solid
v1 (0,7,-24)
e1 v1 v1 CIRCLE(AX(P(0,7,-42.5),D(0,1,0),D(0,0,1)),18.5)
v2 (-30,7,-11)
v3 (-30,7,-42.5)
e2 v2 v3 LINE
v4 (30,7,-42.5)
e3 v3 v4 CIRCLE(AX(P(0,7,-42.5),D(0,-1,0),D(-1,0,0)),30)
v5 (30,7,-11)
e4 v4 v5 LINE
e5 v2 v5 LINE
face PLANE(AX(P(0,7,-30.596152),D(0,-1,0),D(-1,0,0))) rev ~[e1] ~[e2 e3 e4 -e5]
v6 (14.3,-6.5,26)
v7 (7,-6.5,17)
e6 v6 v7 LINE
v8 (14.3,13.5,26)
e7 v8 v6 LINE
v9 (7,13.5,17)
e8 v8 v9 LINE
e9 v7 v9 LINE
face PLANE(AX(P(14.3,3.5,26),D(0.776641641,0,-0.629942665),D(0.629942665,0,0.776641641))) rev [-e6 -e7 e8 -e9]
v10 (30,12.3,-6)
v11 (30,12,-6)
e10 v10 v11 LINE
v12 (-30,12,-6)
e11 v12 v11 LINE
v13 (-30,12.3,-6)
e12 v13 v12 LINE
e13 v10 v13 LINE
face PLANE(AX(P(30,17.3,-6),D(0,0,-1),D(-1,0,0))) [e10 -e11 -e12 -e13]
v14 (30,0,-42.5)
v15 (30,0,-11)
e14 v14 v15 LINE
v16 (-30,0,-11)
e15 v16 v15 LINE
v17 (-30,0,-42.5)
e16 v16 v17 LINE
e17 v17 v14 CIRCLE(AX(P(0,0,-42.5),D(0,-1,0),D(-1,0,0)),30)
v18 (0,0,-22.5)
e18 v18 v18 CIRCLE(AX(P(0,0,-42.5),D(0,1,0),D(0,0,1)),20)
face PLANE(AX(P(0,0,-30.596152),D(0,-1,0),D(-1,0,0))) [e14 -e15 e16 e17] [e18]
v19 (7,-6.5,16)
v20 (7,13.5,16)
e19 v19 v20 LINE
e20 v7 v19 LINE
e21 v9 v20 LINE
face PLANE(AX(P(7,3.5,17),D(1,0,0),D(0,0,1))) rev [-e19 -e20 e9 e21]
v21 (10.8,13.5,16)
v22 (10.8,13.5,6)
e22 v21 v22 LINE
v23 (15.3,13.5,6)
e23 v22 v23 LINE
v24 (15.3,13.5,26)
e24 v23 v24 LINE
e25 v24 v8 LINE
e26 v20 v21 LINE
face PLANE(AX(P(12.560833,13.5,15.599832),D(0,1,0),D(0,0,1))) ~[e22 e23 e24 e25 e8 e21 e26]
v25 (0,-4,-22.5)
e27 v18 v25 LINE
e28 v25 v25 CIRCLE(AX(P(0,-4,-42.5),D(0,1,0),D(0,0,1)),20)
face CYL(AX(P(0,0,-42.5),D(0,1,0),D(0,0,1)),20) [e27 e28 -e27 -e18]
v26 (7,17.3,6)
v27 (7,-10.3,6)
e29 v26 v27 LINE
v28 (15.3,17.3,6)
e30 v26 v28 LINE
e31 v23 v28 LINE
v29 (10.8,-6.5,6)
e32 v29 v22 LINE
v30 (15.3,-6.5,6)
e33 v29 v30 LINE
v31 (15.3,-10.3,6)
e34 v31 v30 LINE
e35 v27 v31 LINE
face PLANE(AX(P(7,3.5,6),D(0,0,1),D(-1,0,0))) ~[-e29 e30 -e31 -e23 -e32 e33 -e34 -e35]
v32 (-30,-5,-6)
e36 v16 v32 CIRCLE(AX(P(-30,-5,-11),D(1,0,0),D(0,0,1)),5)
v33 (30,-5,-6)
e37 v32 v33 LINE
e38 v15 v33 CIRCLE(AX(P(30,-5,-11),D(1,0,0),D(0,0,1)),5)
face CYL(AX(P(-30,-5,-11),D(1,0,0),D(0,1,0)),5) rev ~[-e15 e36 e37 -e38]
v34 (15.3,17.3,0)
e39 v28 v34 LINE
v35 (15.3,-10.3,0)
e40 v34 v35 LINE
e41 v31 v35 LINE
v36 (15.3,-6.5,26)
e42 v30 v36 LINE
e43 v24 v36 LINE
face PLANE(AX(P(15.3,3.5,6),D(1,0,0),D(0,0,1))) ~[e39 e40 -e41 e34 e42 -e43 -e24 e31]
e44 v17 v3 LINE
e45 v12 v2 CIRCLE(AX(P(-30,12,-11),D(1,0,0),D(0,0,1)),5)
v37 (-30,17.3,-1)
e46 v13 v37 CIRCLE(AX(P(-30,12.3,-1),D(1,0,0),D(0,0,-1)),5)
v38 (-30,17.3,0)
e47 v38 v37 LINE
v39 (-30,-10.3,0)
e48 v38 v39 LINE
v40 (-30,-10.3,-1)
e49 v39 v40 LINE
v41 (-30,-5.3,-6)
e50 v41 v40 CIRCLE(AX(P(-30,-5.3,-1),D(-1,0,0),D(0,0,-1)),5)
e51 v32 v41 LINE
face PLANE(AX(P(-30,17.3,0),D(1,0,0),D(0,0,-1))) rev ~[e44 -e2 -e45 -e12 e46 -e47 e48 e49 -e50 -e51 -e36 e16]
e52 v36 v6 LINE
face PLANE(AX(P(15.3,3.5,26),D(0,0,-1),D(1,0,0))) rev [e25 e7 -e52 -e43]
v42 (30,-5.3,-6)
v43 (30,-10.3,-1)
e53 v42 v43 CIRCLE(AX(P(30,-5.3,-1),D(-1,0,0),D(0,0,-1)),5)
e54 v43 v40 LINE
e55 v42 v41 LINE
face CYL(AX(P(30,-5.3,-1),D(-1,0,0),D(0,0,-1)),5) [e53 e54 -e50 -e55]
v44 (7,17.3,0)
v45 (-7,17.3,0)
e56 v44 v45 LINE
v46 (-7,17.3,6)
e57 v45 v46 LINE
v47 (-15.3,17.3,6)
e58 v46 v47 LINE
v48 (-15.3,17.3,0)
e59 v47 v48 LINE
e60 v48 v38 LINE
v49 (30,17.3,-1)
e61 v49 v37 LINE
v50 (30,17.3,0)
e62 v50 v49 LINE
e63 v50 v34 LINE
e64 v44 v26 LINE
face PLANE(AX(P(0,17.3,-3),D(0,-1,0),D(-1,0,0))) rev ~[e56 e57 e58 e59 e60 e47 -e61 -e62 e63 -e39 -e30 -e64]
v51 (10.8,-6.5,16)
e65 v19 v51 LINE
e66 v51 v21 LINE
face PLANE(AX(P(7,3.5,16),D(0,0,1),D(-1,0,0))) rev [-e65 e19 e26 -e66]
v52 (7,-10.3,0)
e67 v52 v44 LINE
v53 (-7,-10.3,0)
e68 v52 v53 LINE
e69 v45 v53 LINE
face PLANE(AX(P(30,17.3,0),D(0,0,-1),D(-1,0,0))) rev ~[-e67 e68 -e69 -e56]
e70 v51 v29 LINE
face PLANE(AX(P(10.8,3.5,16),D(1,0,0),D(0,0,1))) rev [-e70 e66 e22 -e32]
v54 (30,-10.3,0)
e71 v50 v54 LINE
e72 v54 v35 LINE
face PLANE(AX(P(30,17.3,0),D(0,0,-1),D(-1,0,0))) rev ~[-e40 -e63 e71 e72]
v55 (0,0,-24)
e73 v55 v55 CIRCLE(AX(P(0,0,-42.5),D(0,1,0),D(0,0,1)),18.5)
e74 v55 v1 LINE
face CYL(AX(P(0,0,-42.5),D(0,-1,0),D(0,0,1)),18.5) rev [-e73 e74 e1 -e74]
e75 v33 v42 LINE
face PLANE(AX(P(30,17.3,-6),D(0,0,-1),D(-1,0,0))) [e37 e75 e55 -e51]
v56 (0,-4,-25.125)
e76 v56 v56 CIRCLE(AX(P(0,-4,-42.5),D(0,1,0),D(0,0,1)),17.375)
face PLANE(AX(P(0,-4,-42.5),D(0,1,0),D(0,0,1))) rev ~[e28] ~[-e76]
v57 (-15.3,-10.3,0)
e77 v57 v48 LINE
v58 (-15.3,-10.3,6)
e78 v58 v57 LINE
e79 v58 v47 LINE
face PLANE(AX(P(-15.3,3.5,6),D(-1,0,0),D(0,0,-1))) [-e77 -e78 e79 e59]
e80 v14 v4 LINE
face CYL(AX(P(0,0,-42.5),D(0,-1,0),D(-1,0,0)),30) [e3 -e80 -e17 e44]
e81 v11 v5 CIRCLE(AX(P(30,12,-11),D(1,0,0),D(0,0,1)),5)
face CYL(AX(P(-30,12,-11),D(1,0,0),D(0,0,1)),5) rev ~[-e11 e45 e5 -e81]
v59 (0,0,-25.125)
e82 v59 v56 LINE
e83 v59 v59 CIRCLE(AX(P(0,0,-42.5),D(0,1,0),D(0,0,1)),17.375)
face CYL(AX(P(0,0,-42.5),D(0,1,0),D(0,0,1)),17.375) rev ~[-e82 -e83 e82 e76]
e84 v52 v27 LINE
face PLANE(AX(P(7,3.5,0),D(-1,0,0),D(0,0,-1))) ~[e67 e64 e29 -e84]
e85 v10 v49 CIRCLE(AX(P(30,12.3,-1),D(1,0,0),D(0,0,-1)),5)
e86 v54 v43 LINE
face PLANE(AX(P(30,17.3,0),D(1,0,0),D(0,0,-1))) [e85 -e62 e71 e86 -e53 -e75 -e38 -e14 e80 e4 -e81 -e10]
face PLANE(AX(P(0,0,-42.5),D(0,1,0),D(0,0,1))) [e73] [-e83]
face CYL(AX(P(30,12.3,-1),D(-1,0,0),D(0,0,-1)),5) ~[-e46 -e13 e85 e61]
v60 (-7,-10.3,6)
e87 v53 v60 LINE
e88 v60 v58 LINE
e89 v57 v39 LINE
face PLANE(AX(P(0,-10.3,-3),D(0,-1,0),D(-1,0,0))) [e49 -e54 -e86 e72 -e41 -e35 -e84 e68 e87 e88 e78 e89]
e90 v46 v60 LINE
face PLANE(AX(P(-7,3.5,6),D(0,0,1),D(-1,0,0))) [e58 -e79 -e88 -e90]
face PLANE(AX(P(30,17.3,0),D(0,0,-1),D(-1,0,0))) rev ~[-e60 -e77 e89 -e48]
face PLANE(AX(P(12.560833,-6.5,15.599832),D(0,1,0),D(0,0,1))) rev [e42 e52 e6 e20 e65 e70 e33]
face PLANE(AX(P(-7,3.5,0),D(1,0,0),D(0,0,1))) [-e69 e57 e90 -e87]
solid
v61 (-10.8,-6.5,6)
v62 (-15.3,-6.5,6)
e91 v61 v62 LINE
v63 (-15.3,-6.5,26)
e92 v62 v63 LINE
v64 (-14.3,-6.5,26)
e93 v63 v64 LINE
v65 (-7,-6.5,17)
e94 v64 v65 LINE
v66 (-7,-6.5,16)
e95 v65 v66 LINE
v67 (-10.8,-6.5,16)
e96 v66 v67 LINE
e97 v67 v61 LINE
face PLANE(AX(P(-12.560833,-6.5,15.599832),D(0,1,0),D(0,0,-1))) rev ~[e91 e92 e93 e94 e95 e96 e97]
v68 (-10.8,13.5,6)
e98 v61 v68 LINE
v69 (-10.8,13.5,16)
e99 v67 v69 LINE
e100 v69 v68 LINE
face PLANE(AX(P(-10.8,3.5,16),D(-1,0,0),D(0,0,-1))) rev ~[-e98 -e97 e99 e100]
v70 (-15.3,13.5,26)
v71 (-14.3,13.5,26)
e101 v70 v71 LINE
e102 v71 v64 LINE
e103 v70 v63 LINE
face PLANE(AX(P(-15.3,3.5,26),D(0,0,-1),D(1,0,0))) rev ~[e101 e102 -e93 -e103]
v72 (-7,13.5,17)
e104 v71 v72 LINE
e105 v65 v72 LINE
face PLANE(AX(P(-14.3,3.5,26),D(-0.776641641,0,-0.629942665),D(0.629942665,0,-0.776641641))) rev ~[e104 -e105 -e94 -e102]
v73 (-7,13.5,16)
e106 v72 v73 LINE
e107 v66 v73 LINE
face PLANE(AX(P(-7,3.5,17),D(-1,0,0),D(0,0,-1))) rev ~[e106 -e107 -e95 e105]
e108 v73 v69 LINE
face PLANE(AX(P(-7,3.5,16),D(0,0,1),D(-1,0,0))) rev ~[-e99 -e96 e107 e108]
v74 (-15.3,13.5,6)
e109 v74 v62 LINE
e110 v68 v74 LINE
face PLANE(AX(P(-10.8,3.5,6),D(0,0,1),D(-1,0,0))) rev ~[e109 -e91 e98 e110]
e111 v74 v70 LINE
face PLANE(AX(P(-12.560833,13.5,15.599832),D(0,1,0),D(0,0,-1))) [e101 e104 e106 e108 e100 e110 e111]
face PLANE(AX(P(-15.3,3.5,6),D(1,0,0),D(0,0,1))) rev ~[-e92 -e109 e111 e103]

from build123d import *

# Parameters (mm, degrees)
SKETCH1_R           = 18.5
BOSS_EXTRUDE1_DEPTH = 7
BOSS_EXTRUDE3_DEPTH = 10
BOSS_EXTRUDE4_DEPTH = 13.8
BOSS_EXTRUDE5_START = -13.8
SKETCH4_W           = 60
SKETCH4_H           = 6
BOSS_EXTRUDE5_DEPTH = 27.6
FILLET2_R           = 5
SKETCH5_R           = 20
SKETCH5_R_2         = 17.375
BOSS_EXTRUDE6_DEPTH = 4


with BuildPart() as part:
    # Sketch1 → Boss-Extrude1 (new body)
    with BuildSketch(Plane(origin=(0, 0, 0), x_dir=(1, 0, 0), z_dir=(0, 1, 0))):
        with BuildLine():
            Line((-30, 0), (-30, 42.5))
            ThreePointArc((-30, 42.5), (0, 72.5), (30, 42.5))
            Line((30, 42.5), (30, 0))
            Line((30, 0), (-30, 0))
        make_face()
        with Locations(Location((0, 42.5, 0), (0, 0, 270))):
            Circle(SKETCH1_R, mode=Mode.SUBTRACT)
    extrude(amount=BOSS_EXTRUDE1_DEPTH)

    # Sketch3<3> → Boss-Extrude4 (add, symmetric)
    with BuildSketch(Plane(origin=(-4, 3.5, 0), x_dir=(0, 0, 1), z_dir=(0, -1, 0))):
        Polygon((0, 11.3), (0, 3), (6, 3), (6, 6.8), (6, 11.3), align=None)
    boss_extrude4 = extrude(amount=BOSS_EXTRUDE4_DEPTH, both=True)

    # Mirror8: Boss-Extrude4 across plane
    add(boss_extrude4.mirror(Plane.ZY))


with BuildPart() as body_2:
    # Sketch3 → Boss-Extrude3 (new, symmetric)
    with BuildSketch(Plane(origin=(-4, 3.5, 0), x_dir=(0, 0, 1), z_dir=(0, -1, 0))):
        Polygon((26, 10.3), (17, 3), (16, 3), (16, 6.8), (6, 6.8), (6, 11.3), (26, 11.3), align=None)
    boss_extrude3 = extrude(amount=BOSS_EXTRUDE3_DEPTH, both=True)


with BuildPart() as part_1:
    add(part.part)

    # Mirror9: Boss-Extrude3 across plane
    add(boss_extrude3.mirror(Plane.ZY))

    # Sketch4 → Boss-Extrude5 (add)
    with BuildSketch(Plane(origin=(0, 3.5, 0), x_dir=(-1, 0, 0), z_dir=(0, -1, 0)).offset(BOSS_EXTRUDE5_START)):
        with Locations((0, 3)):
            Rectangle(SKETCH4_W, SKETCH4_H)
    extrude(amount=BOSS_EXTRUDE5_DEPTH)

    # Fillet2
    fillet2_edges = [part_1.edges().sort_by_distance(p)[0] for p in [
        (0, 17.3, -6),
        (0, 7, -6),
        (0, 0, -6),
        (0, -10.3, -6),
    ]]
    fillet(fillet2_edges, radius=FILLET2_R)

    # Sketch5 → Boss-Extrude6 (add)
    with BuildSketch(Plane(origin=(0, 0, 0), x_dir=(1, 0, 0), z_dir=(0, 1, 0))):
        with Locations(Location((0, 42.5, 0), (0, 0, 270))):
            Circle(SKETCH5_R)
        with Locations(Location((0, 42.5, 0), (0, 0, 270))):
            Circle(SKETCH5_R_2, mode=Mode.SUBTRACT)
    extrude(amount=-BOSS_EXTRUDE6_DEPTH)


solid = Compound([body_2.part, part_1.part])
